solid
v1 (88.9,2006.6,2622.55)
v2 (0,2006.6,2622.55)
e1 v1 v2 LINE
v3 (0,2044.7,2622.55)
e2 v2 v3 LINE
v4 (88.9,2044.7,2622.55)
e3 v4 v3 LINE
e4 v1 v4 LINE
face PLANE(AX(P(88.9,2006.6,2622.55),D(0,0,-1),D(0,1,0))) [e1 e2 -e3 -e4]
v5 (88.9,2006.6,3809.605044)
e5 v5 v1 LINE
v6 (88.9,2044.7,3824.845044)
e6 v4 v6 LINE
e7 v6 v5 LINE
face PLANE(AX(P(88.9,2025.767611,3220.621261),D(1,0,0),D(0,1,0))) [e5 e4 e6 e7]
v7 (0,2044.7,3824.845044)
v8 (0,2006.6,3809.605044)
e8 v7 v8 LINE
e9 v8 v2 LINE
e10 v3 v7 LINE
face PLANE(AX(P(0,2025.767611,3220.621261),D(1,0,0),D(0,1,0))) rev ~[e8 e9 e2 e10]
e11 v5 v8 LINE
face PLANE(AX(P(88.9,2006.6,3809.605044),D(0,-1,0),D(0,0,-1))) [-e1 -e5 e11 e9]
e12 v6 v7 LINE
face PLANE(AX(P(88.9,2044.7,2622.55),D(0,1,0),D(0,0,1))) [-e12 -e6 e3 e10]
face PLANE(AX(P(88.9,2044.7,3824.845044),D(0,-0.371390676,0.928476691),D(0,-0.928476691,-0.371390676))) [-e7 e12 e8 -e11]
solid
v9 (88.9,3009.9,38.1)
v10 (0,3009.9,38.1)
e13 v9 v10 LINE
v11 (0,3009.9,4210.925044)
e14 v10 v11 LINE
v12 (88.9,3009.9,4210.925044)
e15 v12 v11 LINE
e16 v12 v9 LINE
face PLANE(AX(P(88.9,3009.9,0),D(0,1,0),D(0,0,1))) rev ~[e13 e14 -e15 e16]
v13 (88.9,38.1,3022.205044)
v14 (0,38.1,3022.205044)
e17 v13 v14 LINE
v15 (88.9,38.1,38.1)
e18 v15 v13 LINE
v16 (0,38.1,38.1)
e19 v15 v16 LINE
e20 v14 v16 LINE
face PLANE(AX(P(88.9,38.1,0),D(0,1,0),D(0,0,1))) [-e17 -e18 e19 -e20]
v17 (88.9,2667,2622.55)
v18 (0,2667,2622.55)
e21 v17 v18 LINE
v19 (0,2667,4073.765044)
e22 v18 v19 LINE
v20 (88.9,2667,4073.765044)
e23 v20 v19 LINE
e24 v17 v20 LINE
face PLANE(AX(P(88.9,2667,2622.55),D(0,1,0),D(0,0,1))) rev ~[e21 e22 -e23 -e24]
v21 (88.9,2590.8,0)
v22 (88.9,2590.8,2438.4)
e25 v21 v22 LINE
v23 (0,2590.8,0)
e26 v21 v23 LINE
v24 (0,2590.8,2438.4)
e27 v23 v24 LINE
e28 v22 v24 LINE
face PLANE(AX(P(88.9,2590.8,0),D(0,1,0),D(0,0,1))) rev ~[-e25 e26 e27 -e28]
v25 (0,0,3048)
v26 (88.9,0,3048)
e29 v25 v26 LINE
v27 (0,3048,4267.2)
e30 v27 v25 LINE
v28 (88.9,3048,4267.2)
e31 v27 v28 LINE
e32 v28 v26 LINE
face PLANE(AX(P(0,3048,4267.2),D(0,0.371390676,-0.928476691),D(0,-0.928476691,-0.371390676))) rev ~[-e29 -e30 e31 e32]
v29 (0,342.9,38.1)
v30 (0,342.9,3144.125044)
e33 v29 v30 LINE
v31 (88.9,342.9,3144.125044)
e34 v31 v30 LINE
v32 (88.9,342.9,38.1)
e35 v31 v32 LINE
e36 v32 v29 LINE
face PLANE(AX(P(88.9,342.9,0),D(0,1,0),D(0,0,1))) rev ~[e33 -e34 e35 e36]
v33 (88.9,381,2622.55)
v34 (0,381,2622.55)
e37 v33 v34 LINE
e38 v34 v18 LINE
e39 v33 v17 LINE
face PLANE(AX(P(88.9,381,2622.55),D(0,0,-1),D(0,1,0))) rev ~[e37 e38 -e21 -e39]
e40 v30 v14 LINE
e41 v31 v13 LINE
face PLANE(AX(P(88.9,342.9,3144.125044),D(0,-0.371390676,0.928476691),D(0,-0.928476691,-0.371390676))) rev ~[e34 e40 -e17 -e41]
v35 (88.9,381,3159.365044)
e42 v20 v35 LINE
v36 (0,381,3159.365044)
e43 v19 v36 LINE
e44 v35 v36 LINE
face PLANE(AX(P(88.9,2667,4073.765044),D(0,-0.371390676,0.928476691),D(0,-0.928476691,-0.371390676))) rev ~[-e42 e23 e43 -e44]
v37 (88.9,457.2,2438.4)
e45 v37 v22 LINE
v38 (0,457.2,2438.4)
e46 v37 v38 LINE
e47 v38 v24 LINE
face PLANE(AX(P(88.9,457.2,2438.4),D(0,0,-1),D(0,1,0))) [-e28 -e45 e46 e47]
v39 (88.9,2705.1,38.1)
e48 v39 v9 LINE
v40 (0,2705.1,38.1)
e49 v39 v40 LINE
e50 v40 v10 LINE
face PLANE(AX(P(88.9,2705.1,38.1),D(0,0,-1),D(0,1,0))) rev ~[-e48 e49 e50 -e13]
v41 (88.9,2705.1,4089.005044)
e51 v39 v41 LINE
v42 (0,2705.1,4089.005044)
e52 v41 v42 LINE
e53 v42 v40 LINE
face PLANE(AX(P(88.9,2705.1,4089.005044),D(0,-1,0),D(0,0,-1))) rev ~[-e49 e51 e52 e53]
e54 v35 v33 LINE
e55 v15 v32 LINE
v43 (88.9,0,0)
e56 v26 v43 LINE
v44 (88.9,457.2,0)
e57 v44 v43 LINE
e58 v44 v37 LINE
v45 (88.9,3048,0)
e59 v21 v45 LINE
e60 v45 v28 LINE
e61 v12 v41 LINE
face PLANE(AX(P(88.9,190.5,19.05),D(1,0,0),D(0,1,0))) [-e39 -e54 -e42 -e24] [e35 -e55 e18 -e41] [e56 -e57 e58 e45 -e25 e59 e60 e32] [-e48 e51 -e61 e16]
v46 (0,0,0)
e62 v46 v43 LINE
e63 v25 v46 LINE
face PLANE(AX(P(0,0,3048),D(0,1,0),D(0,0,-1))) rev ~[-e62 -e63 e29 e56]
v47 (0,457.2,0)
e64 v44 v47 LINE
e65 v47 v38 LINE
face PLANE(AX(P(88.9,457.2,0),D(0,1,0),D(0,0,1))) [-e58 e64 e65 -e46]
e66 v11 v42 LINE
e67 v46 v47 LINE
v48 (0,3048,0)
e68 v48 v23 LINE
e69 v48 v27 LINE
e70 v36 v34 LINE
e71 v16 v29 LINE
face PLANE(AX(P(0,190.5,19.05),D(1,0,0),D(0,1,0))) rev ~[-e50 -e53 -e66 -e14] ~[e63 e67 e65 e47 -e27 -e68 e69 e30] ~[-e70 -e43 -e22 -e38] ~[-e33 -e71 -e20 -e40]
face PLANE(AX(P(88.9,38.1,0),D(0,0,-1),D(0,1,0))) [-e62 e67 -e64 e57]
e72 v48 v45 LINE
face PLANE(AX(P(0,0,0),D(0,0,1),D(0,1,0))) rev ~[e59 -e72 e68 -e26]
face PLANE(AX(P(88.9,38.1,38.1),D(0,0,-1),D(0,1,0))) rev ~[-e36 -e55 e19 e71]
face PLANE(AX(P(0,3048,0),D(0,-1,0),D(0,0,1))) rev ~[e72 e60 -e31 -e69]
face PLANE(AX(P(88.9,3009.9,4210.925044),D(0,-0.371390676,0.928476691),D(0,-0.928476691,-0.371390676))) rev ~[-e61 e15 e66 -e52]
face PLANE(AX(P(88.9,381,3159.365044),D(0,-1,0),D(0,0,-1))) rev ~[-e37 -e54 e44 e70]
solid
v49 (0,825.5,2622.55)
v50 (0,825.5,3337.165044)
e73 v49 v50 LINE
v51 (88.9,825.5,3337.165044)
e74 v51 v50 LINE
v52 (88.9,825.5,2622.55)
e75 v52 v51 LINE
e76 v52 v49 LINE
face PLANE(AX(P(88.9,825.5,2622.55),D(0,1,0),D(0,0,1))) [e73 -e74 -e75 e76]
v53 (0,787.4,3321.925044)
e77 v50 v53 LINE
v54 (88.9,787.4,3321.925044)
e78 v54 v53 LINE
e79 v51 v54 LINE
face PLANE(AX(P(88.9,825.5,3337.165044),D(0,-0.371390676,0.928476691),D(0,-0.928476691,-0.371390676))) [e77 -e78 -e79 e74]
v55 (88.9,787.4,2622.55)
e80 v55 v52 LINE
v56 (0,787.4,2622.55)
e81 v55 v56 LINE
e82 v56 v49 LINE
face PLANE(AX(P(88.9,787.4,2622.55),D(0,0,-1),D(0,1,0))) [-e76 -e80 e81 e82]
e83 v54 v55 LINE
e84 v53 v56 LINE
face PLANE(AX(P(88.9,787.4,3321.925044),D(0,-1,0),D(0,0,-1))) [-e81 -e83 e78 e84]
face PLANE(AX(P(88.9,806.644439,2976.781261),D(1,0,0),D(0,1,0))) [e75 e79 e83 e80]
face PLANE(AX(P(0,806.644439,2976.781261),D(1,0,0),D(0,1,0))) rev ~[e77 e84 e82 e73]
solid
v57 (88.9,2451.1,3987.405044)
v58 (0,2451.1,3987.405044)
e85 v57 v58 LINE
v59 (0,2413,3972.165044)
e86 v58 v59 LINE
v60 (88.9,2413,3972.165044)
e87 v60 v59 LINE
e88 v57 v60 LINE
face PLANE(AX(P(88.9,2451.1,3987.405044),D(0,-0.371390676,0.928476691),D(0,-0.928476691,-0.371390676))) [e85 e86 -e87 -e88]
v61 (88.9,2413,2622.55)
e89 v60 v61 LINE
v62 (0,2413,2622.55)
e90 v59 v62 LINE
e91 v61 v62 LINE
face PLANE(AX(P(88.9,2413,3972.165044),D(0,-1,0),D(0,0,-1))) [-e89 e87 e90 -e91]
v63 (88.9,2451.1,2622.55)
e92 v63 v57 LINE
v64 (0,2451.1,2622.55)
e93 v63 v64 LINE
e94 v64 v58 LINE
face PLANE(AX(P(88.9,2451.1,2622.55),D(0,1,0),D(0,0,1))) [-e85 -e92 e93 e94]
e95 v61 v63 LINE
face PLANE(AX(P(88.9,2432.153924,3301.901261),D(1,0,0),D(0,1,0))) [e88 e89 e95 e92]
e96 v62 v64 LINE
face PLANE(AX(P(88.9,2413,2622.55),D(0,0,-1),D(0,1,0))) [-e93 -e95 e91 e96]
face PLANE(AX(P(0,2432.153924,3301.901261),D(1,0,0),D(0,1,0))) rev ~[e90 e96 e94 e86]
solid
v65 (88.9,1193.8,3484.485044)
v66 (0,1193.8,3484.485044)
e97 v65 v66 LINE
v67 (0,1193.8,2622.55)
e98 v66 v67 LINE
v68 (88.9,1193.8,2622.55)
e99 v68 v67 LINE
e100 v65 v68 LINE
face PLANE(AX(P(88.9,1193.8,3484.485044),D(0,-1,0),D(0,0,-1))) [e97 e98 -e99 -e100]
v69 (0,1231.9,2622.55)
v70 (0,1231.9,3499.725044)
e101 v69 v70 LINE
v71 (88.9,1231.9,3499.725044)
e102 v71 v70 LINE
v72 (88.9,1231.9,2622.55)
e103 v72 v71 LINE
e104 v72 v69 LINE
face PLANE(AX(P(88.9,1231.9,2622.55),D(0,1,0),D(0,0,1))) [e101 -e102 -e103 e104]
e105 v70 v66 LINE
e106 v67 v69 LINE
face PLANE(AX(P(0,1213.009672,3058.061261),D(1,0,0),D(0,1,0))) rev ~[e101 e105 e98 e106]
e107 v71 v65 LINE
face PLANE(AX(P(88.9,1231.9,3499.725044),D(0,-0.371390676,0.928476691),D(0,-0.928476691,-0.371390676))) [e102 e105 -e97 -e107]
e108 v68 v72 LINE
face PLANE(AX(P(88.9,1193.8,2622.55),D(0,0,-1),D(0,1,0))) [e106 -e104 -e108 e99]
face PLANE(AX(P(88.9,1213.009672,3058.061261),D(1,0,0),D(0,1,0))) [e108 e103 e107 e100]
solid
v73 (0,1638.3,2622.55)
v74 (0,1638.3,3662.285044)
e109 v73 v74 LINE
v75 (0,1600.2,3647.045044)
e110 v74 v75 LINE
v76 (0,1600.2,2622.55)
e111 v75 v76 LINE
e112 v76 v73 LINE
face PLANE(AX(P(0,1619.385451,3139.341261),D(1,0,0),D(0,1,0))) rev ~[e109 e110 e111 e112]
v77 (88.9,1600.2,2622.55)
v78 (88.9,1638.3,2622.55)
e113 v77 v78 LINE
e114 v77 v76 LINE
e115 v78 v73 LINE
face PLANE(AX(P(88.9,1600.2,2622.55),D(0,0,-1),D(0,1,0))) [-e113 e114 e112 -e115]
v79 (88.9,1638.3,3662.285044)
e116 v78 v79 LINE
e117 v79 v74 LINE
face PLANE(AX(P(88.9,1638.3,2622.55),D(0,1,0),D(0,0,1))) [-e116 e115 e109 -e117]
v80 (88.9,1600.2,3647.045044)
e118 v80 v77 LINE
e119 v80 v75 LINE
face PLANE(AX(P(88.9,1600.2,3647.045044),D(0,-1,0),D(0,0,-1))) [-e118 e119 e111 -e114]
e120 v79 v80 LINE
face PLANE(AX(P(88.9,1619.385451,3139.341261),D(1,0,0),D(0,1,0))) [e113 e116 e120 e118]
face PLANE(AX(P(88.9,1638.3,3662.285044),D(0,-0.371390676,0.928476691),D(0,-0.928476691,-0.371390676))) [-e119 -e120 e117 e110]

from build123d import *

# Parameters (mm, degrees)
F1_DEPTH  = 88.9
F2_W      = 2133.6
F2_H      = 2438.4
F3_DEPTH  = 88.901
F4_W      = 304.8
F4_H      = 2438.4
F5_DEPTH  = 88.901
F7_DEPTH  = 88.901
F9_DEPTH  = 88.901
F11_DEPTH = 88.9
F12_W     = 304.8
F12_H     = 38.1
F13_DEPTH = 88.9


with BuildPart() as f1:
    # F0 (on Right) → F1 (new body)
    with BuildSketch(Plane.YZ):
        Polygon((0, 3048), (0, 0), (3048, 0), (3048, 4267.2), align=None)
    extrude(amount=F1_DEPTH)

    # F2 (on face) → F3 (cut, through all)
    with BuildSketch(Plane.YZ.offset(88.9)):
        with Locations((1524, 1219.2)):
            Rectangle(F2_W, F2_H)
    extrude(amount=-F3_DEPTH, mode=Mode.SUBTRACT)

    # F4 (on face) → F5 (cut, through all)
    with BuildSketch(Plane.YZ.offset(88.9)):
        with Locations((190.5, 1219.2)):
            Rectangle(F4_W, F4_H)
        with Locations((2857.5, 1219.2)):
            Rectangle(F4_W, F4_H)
    extrude(amount=-F5_DEPTH, mode=Mode.SUBTRACT)

    # F6 (on face) → F7 (cut, through all)
    with BuildSketch(Plane.YZ.offset(88.9)):
        Polygon((381, 3159.365044), (381, 2622.55), (2667, 2622.55), (2667, 4073.765044), align=None)
    extrude(amount=-F7_DEPTH, mode=Mode.SUBTRACT)

    # F8 (on face) → F9 (cut, through all)
    with BuildSketch(Plane.YZ.offset(88.9)):
        Polygon((38.1, 3022.205044), (38.1, 2438.4), (342.9, 2438.4), (342.9, 3144.125044), align=None)
        Polygon((2705.1, 4089.005044), (2705.1, 2438.4), (3009.9, 2438.4), (3009.9, 4210.925044), align=None)
    extrude(amount=-F9_DEPTH, mode=Mode.SUBTRACT)

    # F12 (on face) → F13 (join)
    with BuildSketch(Plane.YZ.offset(88.9)):
        with Locations((190.5, 19.05)):
            Rectangle(F12_W, F12_H)
        with Locations((2857.5, 19.05)):
            Rectangle(F12_W, F12_H)
    extrude(amount=-F13_DEPTH)


with BuildPart() as f11:
    # F10 (on face) → F11 (new body)
    with BuildSketch(Plane.YZ.offset(88.9)):
        Polygon((825.5, 3337.165044), (787.4, 3321.925044), (787.4, 2622.55), (825.5, 2622.55), align=None)
        Polygon((1231.9, 3499.725044), (1193.8, 3484.485044), (1193.8, 2622.55), (1231.9, 2622.55), align=None)
        Polygon((1638.3, 3662.285044), (1600.2, 3647.045044), (1600.2, 2622.55), (1638.3, 2622.55), align=None)
        Polygon((2044.7, 3824.845044), (2006.6, 3809.605044), (2006.6, 2622.55), (2044.7, 2622.55), align=None)
        Polygon((2451.1, 3987.405044), (2413, 3972.165044), (2413, 2622.55), (2451.1, 2622.55), align=None)
    extrude(amount=-F11_DEPTH)


solid = Compound([f1.part, f11.part])
